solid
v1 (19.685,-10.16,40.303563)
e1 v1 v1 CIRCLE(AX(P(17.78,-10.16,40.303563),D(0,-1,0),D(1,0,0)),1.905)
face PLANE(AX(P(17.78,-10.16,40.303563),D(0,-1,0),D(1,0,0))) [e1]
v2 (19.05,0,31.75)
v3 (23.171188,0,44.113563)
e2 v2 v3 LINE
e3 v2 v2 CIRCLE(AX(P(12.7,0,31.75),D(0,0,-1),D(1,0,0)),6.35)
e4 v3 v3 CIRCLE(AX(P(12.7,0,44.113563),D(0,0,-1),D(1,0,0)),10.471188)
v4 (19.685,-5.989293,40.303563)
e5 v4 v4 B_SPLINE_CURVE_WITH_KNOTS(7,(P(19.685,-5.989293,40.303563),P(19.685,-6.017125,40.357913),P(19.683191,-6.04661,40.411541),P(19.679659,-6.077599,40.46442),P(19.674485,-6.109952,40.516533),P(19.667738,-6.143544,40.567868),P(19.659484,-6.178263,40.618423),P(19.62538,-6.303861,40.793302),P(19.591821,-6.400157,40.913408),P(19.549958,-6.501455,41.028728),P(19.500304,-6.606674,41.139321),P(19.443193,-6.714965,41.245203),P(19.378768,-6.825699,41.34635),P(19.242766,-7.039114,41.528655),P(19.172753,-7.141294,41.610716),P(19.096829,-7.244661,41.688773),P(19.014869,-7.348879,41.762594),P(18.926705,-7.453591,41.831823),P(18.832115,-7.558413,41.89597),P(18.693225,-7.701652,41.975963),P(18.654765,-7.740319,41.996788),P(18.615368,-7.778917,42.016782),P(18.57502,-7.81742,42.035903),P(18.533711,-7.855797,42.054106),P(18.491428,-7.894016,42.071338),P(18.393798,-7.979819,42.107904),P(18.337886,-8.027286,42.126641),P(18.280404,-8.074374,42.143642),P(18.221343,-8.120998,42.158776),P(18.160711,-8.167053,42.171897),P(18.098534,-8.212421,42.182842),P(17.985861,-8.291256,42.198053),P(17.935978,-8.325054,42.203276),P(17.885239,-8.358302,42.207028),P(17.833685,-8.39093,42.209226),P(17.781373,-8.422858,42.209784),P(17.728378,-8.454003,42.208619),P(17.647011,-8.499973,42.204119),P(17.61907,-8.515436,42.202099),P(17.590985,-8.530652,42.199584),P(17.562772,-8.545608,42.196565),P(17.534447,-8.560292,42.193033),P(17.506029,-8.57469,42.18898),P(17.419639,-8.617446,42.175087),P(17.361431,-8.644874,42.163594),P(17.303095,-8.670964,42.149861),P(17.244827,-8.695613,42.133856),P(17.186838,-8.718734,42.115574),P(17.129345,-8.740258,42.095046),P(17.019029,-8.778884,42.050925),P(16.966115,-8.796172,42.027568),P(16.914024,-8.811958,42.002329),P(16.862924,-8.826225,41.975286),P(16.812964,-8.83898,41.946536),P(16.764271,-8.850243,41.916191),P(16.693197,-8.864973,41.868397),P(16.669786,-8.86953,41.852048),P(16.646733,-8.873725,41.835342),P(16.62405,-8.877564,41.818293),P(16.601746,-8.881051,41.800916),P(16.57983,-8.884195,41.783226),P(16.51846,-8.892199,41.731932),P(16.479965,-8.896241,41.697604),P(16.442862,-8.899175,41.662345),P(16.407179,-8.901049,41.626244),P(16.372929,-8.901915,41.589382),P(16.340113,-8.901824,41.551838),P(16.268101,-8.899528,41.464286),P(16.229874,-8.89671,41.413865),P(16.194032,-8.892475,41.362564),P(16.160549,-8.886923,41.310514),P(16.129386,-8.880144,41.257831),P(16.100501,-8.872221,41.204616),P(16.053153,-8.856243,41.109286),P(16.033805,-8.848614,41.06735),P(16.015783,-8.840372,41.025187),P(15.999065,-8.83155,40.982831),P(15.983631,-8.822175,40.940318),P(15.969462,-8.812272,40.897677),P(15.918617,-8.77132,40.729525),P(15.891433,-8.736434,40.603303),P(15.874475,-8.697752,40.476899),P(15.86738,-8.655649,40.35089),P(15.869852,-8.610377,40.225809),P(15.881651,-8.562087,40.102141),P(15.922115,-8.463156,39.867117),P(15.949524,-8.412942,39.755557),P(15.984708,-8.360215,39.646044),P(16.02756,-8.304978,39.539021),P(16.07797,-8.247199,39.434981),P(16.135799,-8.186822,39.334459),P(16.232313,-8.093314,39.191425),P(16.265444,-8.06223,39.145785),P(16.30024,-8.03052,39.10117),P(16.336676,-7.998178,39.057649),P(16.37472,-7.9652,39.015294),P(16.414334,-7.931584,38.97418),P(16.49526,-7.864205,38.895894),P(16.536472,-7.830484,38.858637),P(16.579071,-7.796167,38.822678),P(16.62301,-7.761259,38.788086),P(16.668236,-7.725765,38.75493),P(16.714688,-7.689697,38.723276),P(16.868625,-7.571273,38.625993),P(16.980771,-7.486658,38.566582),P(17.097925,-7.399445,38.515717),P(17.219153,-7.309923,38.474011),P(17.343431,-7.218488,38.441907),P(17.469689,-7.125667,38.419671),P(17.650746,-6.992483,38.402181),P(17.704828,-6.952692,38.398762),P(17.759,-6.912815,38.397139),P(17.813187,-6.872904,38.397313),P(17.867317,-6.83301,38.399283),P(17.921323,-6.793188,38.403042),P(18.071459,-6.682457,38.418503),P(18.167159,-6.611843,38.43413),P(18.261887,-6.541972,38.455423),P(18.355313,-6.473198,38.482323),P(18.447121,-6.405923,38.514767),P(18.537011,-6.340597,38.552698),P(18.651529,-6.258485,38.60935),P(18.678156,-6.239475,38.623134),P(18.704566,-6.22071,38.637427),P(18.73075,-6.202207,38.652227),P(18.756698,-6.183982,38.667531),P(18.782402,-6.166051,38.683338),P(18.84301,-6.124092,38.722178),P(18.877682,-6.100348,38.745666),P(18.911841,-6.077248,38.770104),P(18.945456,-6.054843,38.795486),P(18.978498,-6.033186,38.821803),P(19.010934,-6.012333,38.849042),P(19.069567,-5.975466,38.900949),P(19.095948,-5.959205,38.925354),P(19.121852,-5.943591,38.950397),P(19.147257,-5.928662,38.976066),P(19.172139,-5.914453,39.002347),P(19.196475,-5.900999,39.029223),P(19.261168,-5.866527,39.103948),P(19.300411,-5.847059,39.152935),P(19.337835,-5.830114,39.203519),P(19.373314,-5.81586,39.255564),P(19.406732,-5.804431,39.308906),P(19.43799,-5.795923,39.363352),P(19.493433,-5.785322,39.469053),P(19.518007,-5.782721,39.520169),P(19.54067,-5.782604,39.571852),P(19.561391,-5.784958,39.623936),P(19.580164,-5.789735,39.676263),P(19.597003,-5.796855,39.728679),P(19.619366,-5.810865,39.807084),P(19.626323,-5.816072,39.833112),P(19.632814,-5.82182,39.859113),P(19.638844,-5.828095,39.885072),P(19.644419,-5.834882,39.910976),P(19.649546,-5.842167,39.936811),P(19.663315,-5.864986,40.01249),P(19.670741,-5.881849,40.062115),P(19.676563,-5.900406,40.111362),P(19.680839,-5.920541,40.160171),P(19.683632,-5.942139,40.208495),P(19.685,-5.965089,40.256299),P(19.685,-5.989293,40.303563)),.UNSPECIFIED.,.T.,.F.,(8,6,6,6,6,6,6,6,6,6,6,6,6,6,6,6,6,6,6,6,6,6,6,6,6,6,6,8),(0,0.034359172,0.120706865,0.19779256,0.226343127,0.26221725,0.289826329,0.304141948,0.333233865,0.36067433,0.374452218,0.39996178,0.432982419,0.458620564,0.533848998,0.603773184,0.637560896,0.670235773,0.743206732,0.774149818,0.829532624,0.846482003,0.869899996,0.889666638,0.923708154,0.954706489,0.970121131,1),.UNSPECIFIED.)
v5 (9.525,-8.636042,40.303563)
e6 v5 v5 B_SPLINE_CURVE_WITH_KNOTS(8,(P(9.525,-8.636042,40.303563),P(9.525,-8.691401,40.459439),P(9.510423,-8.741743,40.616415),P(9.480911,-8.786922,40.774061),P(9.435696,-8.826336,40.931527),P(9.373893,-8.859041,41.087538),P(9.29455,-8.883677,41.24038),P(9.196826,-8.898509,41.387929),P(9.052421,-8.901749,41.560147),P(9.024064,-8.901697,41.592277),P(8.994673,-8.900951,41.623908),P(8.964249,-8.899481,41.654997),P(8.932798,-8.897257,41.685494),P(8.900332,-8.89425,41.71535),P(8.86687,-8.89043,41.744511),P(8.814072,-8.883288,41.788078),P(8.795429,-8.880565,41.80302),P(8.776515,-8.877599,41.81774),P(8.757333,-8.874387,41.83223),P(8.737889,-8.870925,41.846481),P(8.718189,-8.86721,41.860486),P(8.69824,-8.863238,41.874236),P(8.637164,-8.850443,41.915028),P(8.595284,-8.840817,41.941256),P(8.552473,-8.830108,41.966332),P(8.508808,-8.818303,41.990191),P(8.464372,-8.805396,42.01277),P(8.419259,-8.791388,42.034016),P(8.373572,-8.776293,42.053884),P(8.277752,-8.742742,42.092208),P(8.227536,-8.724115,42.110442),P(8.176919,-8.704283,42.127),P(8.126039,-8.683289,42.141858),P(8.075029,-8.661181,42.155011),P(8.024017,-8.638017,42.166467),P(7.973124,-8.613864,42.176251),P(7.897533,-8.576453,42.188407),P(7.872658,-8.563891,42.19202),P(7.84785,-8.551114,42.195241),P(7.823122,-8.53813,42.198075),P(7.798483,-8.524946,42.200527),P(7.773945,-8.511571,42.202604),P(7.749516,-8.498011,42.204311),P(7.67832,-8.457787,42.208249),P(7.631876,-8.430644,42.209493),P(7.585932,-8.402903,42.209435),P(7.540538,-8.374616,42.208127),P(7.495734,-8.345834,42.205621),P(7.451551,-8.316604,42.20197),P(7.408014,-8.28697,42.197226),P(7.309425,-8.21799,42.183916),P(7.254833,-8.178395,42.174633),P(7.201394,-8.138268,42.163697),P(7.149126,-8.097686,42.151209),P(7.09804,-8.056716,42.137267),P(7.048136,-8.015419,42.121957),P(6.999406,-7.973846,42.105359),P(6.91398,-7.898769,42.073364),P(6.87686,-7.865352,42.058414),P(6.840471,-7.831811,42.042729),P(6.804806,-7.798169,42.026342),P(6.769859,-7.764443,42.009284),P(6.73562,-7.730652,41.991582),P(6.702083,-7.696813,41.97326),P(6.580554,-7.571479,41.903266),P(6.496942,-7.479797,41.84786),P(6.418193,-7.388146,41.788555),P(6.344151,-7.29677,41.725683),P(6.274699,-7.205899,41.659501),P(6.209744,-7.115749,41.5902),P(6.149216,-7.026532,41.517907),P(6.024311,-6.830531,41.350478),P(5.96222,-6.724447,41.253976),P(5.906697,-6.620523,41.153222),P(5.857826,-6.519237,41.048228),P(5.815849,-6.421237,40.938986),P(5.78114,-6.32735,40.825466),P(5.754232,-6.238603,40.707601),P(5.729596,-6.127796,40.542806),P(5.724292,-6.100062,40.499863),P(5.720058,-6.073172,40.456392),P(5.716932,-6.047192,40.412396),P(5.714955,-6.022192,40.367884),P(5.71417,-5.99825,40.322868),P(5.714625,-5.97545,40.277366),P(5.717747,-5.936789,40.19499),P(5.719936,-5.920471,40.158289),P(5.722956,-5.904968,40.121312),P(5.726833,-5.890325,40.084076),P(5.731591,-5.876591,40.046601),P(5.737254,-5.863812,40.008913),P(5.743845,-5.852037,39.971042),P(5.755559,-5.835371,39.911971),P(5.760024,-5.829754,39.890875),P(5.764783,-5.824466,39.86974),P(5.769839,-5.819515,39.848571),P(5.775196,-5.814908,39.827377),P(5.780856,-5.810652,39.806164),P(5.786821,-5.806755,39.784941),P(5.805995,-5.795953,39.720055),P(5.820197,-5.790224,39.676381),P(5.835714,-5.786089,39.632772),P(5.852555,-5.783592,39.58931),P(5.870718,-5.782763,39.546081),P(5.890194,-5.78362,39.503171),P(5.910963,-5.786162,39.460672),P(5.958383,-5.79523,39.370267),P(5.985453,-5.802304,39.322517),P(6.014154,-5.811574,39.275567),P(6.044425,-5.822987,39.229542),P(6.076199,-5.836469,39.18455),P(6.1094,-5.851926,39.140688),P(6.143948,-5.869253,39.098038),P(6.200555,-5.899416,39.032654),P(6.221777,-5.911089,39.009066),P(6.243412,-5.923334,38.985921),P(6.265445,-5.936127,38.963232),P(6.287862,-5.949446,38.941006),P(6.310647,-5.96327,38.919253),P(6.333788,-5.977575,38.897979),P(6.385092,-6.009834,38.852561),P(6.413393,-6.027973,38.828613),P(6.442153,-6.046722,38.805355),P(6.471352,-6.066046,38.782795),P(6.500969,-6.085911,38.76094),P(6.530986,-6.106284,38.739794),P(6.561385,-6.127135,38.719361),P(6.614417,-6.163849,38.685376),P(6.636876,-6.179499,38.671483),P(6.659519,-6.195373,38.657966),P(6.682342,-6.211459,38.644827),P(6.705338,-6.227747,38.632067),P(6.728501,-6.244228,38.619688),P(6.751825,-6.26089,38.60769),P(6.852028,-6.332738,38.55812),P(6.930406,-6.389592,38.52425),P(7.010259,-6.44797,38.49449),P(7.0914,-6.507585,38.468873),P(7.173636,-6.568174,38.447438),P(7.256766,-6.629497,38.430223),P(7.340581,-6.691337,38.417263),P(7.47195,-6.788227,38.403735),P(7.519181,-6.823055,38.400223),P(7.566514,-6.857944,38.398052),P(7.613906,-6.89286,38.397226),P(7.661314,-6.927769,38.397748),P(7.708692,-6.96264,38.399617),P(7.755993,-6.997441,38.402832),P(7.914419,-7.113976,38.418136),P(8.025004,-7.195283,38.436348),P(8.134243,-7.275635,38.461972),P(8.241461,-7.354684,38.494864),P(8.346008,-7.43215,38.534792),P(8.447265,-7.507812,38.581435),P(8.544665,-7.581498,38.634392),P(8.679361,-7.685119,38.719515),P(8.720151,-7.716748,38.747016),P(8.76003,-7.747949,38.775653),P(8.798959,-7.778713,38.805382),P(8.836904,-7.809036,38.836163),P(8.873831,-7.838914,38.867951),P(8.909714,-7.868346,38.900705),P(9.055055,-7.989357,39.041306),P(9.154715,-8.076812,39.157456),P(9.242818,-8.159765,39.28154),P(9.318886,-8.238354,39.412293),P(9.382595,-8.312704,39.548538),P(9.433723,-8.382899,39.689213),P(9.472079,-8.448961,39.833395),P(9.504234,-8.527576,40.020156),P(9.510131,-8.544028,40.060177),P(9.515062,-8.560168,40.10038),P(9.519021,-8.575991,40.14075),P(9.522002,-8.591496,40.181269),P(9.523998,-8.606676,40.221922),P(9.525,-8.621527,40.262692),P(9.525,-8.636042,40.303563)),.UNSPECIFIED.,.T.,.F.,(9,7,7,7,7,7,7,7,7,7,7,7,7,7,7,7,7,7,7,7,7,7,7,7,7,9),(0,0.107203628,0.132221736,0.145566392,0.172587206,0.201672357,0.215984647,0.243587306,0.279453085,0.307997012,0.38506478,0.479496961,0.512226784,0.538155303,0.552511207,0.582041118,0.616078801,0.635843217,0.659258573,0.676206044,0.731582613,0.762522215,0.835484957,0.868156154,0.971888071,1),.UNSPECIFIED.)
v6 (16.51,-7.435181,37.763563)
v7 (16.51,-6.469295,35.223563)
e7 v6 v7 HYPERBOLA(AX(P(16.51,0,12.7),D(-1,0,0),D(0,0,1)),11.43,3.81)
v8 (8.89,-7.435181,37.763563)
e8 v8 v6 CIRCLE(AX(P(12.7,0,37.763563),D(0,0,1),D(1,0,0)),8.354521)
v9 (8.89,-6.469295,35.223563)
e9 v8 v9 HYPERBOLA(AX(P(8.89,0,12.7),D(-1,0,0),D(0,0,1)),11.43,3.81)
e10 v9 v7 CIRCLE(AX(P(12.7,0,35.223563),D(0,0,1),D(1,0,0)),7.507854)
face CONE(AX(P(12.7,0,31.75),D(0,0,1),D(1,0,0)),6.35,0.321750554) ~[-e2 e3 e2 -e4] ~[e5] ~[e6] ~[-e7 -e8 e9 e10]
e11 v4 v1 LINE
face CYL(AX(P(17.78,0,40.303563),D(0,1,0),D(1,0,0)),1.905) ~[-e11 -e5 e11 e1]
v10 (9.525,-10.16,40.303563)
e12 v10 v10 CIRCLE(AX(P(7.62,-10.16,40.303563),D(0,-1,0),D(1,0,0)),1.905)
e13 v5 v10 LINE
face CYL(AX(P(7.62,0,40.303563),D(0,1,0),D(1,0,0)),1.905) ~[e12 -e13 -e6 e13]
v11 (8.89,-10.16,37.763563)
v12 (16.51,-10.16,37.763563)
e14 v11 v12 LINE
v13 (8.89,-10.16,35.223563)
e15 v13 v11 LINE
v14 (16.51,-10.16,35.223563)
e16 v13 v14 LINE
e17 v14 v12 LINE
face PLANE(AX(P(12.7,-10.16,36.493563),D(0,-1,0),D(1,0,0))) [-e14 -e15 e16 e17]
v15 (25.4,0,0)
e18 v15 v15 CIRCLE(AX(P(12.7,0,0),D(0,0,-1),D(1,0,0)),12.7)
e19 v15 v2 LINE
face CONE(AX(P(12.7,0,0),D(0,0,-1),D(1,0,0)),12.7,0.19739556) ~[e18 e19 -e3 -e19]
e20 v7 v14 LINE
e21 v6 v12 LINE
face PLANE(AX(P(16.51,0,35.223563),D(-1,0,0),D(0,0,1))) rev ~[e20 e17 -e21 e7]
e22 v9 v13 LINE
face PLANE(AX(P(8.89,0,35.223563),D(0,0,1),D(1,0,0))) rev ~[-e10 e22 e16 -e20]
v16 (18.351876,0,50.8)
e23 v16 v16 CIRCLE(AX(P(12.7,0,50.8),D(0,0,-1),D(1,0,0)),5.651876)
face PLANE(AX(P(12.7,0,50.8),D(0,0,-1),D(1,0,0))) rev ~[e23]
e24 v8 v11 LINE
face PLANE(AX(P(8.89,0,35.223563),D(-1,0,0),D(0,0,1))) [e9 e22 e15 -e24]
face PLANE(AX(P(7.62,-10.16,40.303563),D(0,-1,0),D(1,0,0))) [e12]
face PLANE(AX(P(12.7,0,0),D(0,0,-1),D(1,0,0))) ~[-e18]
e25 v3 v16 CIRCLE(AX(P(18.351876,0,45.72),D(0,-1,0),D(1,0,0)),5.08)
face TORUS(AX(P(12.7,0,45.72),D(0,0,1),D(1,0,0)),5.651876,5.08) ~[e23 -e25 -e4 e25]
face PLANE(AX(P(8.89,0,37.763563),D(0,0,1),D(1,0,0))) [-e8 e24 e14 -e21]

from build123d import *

# Parameters (mm, degrees)
F2_R     = 5.08
F3_R     = 1.905
F3_W     = 7.62
F3_H     = 2.54
F4_DEPTH = 10.16


with BuildPart() as f1:
    # F0 (on Front) → F1 (revolve)
    with BuildSketch(Plane.XZ):
        Polygon((12.7, 50.8), (12.7, 0), (25.4, 0), (19.05, 31.75), (25.4, 50.8), align=None)
    revolve(axis=Axis((12.7, 0, 25.4), (0, 0, -1)))

    # F2
    f2_edges = [f1.edges().sort_by_distance(p)[0] for p in [
        (0, 0, 50.8),
    ]]
    fillet(f2_edges, radius=F2_R)

    # F3 (on Front) → F4 (join)
    with BuildSketch(Plane.XZ):
        with Locations((7.62, 40.3035629486)):
            Circle(F3_R)
        with Locations((17.78, 40.3035629486)):
            Circle(F3_R)
        with Locations((12.7, 36.4935629486)):
            Rectangle(F3_W, F3_H)
    extrude(amount=F4_DEPTH)


solid = f1.part
